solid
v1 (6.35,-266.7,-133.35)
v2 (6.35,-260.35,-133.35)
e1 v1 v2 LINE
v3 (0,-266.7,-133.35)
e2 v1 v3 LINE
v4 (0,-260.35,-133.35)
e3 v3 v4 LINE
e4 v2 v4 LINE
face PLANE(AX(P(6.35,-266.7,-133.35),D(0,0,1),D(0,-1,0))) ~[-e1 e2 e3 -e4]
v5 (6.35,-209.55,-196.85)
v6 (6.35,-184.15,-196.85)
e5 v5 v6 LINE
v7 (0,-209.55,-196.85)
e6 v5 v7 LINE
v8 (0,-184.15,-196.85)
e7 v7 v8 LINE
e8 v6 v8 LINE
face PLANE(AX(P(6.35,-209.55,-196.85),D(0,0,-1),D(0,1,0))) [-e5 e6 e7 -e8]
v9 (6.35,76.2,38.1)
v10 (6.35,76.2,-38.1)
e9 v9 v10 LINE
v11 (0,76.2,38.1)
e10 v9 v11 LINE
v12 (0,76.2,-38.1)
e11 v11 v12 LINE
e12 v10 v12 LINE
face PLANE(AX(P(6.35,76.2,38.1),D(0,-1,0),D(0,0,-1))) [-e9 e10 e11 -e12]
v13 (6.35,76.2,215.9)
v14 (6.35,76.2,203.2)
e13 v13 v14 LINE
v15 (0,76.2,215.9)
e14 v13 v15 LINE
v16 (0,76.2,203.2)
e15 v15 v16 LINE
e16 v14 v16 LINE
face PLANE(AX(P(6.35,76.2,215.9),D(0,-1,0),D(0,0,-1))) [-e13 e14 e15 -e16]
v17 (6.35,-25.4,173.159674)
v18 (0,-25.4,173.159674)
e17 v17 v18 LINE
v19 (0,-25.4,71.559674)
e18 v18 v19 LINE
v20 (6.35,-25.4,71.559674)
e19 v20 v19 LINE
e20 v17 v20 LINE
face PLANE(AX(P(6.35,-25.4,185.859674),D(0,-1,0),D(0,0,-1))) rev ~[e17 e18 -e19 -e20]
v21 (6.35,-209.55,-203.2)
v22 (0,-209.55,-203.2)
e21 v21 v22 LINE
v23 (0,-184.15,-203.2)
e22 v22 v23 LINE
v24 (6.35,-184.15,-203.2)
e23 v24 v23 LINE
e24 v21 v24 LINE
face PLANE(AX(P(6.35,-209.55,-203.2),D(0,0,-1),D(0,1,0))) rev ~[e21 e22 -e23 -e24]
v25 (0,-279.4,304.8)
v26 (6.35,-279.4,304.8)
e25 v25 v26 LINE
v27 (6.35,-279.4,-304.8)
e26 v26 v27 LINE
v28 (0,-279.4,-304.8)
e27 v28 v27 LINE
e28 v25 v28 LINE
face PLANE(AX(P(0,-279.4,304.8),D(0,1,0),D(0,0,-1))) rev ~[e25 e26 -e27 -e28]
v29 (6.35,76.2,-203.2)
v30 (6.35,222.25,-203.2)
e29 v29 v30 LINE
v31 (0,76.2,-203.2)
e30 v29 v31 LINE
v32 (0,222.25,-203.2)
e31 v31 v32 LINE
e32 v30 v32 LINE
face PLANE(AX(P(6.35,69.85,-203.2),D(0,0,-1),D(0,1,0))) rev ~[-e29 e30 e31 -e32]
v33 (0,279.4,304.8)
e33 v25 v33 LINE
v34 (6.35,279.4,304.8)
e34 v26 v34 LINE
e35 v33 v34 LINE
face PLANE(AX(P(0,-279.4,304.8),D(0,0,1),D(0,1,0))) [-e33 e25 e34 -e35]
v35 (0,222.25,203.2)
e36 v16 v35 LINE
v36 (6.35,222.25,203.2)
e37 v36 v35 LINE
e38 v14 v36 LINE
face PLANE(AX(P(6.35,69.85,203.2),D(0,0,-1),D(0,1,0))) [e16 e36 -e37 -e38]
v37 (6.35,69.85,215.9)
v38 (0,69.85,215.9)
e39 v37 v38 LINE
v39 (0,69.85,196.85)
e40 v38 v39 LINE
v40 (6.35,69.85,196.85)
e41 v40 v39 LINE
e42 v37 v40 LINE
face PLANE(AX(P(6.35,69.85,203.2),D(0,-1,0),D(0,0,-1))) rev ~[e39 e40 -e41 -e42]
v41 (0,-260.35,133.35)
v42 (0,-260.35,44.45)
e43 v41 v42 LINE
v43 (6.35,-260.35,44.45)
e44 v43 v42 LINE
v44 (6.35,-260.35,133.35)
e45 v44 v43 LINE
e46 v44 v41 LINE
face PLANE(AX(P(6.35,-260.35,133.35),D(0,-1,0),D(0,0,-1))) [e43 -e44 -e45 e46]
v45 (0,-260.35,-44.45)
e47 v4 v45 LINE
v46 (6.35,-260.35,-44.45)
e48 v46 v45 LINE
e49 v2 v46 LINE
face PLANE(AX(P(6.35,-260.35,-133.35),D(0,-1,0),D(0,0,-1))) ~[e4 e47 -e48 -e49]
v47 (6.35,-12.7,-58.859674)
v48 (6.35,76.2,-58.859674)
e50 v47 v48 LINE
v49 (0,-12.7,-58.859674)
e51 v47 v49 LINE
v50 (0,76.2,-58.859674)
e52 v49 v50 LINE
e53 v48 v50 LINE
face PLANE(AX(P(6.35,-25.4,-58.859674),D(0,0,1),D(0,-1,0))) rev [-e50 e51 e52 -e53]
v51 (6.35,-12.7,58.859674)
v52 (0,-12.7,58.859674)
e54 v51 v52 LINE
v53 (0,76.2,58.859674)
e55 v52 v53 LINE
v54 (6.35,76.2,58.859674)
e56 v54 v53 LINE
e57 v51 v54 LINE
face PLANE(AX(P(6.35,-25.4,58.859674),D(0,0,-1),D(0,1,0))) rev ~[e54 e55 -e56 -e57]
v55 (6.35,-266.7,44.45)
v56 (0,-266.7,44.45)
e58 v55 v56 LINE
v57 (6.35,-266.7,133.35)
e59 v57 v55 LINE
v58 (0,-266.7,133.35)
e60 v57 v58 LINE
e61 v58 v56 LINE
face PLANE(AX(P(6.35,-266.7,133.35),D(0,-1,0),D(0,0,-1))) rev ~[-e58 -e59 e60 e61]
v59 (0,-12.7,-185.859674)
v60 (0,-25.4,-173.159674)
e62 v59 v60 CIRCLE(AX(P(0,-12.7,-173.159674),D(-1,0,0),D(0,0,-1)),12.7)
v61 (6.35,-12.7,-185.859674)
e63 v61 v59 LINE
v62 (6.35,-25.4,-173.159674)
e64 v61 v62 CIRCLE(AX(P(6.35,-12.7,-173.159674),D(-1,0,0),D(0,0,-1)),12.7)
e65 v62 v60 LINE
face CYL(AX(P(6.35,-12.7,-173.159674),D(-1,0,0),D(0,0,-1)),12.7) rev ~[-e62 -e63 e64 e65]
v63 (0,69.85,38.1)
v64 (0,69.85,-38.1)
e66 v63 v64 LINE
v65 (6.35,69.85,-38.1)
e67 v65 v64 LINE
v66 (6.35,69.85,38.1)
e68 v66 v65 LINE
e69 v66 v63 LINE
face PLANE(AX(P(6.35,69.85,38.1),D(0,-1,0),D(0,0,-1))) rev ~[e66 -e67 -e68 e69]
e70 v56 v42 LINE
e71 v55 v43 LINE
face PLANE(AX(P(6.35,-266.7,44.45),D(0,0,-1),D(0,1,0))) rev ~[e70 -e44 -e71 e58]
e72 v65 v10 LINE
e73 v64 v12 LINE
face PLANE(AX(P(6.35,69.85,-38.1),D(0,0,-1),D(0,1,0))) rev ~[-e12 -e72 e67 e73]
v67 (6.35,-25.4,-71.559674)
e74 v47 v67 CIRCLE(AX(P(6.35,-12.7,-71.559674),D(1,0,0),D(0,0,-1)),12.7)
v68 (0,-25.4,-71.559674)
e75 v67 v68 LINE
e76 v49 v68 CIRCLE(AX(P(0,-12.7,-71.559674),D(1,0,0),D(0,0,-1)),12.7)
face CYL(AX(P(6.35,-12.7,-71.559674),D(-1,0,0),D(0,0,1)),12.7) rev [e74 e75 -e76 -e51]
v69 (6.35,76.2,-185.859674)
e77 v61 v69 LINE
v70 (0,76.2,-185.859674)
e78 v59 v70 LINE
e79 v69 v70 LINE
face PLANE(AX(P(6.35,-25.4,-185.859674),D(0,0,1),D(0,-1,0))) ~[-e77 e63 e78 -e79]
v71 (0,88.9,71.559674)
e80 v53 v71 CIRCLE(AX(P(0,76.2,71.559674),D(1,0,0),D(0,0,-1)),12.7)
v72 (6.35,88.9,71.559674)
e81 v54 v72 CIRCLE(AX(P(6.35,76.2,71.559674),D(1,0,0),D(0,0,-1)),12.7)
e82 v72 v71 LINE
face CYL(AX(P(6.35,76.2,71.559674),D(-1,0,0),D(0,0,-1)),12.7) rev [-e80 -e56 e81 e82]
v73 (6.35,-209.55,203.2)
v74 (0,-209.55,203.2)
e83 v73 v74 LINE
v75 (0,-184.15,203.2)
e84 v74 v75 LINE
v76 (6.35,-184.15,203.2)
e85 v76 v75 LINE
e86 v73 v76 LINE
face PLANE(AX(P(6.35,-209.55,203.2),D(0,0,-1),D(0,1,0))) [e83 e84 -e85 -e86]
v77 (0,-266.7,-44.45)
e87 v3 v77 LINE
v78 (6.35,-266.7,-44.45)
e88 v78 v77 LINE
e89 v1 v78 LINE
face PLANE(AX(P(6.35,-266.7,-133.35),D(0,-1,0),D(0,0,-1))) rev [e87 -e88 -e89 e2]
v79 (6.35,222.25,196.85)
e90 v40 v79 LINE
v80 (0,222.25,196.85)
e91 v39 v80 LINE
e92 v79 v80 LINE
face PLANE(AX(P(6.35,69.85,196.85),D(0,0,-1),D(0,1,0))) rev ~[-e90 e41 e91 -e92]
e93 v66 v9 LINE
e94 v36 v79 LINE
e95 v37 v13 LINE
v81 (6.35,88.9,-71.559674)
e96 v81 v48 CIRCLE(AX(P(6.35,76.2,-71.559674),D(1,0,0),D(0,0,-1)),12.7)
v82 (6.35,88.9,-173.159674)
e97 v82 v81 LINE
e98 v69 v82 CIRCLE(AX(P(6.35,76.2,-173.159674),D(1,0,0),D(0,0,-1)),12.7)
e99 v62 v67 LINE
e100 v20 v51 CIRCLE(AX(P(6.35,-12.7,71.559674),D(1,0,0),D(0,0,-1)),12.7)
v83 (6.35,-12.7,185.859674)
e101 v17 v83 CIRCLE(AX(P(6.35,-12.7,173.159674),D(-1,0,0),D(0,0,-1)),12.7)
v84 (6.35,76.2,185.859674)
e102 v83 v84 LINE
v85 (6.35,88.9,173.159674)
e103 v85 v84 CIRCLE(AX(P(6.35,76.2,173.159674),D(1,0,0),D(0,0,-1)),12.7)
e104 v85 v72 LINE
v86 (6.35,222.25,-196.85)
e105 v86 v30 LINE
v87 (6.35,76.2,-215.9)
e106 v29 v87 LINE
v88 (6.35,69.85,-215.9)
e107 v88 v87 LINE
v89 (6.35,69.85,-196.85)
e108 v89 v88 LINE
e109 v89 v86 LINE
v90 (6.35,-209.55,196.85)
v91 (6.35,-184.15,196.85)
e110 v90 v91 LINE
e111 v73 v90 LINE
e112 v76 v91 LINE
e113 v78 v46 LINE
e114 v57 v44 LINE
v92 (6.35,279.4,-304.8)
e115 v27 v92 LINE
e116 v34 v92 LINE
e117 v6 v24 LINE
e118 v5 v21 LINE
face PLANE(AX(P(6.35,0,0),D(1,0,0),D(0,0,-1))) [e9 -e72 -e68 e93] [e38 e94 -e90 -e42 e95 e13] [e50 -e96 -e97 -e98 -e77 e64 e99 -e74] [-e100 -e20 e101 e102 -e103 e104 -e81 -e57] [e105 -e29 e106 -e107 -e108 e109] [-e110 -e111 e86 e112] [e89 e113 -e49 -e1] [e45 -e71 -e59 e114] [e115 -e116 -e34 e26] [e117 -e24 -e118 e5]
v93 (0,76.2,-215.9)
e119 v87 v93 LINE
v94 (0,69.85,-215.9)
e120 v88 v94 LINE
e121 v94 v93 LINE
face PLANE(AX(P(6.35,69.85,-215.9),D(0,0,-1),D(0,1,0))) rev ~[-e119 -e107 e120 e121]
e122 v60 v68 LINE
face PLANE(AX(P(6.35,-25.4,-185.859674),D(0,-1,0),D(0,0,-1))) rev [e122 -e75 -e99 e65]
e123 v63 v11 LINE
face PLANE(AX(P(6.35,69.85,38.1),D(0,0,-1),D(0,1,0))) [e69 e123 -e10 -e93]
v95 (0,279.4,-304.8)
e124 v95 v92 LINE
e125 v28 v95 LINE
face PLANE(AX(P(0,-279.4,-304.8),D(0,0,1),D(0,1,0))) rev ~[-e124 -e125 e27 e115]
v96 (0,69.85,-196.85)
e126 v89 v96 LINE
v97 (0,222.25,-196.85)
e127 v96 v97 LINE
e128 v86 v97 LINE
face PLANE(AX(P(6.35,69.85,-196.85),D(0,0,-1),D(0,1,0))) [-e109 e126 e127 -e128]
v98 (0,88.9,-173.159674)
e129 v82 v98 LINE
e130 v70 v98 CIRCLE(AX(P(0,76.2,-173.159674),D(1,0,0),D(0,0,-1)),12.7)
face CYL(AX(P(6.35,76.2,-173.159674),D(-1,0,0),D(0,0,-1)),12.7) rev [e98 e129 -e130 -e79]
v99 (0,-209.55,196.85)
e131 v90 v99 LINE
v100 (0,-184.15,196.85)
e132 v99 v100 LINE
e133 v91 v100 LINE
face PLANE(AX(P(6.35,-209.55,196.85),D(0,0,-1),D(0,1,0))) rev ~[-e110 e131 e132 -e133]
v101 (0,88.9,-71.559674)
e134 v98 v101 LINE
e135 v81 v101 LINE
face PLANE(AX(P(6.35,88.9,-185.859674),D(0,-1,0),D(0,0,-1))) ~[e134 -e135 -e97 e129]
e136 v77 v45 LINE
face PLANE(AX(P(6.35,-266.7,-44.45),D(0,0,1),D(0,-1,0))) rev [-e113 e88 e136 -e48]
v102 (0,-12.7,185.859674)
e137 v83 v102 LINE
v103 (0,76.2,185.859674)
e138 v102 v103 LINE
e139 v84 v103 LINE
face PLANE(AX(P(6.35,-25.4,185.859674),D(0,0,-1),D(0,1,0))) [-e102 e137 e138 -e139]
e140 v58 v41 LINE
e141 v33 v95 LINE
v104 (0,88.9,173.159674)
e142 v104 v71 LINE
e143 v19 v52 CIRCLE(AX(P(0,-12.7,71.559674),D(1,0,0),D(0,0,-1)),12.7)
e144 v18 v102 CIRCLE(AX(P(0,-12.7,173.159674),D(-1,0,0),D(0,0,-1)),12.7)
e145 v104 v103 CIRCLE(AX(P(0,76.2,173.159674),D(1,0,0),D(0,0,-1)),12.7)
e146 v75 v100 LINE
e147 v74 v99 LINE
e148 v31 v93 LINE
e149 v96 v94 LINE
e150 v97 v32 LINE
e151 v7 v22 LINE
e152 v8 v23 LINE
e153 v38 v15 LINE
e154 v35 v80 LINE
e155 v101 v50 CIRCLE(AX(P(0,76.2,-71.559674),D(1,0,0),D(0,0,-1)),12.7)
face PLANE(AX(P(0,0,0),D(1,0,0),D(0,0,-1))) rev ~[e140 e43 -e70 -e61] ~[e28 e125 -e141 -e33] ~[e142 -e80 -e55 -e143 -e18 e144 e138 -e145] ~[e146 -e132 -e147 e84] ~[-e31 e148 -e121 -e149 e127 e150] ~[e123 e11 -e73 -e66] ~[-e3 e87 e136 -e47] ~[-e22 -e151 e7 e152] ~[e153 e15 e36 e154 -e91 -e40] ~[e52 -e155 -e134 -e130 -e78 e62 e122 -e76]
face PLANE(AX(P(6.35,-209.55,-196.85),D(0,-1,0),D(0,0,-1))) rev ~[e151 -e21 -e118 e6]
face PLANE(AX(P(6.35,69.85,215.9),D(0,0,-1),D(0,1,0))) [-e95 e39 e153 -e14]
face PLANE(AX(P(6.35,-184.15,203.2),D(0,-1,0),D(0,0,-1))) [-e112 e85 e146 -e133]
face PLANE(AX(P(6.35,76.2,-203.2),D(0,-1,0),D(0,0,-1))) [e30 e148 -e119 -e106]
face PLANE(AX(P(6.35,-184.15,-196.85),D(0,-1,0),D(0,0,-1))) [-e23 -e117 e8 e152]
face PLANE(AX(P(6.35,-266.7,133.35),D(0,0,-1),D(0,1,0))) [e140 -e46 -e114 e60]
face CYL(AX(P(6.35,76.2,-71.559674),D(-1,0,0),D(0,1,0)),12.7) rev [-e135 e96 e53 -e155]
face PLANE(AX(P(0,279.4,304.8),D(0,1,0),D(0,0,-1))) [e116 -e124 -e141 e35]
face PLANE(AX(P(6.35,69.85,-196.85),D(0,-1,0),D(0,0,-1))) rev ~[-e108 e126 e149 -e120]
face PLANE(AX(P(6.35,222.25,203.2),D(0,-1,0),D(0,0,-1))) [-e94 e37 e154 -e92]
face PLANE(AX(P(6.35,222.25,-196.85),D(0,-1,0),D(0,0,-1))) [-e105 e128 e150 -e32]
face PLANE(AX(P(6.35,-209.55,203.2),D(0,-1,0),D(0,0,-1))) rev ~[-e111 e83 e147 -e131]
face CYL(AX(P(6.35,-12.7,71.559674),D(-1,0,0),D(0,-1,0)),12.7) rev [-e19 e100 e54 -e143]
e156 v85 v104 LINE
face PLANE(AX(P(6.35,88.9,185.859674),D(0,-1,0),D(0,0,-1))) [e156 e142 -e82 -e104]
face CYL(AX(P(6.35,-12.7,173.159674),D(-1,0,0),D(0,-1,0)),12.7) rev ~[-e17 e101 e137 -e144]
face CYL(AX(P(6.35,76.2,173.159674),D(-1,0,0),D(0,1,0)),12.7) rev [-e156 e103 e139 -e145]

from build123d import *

# Parameters (mm, degrees)
SKETCH1_W            = 609.6
SKETCH1_H            = 558.8
MAIN_BODY_DEPTH      = 6.35
SKETCH2_W            = 6.35
SKETCH2_H            = 152.4
CUT_EXTRUDE1_DEPTH   = 414.530799941
SKETCH8_W            = 127
SKETCH8_H            = 114.3
CUT_EXTRUDE5_DEPTH   = 414.530799941
FILLET3_R            = 12.7
FILLET3_OF_MIRROR3_R = 12.7
SKETCH9_W            = 88.9
SKETCH9_H            = 6.35
CUT_EXTRUDE7_DEPTH   = 414.530799941
SKETCH10_W           = 6.35
SKETCH10_H           = 25.4
CUT_EXTRUDE8_DEPTH   = 414.530799941
SKETCH11_W           = 12.7
SKETCH11_H           = 6.35
CUT_EXTRUDE9_DEPTH   = 414.530799941
SKETCH12_W           = 76.2
SKETCH12_H           = 6.35
CUT_EXTRUDE10_DEPTH  = 414.530799941


with BuildPart() as part:
    # Sketch1 → Main Body (new body)
    with BuildSketch(Plane(origin=(0, 0, 0), x_dir=(0, 0, -1), z_dir=(1, 0, 0))):
        Rectangle(SKETCH1_W, SKETCH1_H)
    extrude(amount=MAIN_BODY_DEPTH)

    # Sketch2 → Cut-Extrude1 (cut, through all)
    with BuildSketch(Plane(origin=(6.35, 0, 0), x_dir=(0, 0, -1), z_dir=(1, 0, 0))):
        with Locations((-200.025, 146.05)):
            Rectangle(SKETCH2_W, SKETCH2_H)
        with Locations((200.025, 146.05)):
            Rectangle(SKETCH2_W, SKETCH2_H)
    extrude(amount=-CUT_EXTRUDE1_DEPTH, mode=Mode.SUBTRACT)

    # Sketch8 → Cut-Extrude5 (cut, through all)
    with BuildSketch(Plane(origin=(6.35, 0, 0), x_dir=(0, 0, -1), z_dir=(1, 0, 0))):
        with Locations((-122.359674, 31.75)):
            Rectangle(SKETCH8_W, SKETCH8_H)
    cut_extrude5 = extrude(amount=-CUT_EXTRUDE5_DEPTH, mode=Mode.SUBTRACT)

    # Fillet3
    fillet3_edges = [part.edges().sort_by_distance(p)[0] for p in [
        (3.175, 88.9, 58.859674),
        (3.175, -25.4, 58.859674),
        (3.175, -25.4, 185.859674),
        (3.175, 88.9, 185.859674),
    ]]
    fillet(fillet3_edges, radius=FILLET3_R)

    # Mirror3: Cut-Extrude5 across plane
    add(cut_extrude5.mirror(Plane.XY), mode=Mode.SUBTRACT)

    # Fillet3 of Mirror3
    fillet3_of_mirror3_edges = [part.edges().sort_by_distance(p)[0] for p in [
        (3.175, 88.9, -58.859674),
        (3.175, -25.4, -58.859674),
        (3.175, -25.4, -185.859674),
        (3.175, 88.9, -185.859674),
    ]]
    fillet(fillet3_of_mirror3_edges, radius=FILLET3_OF_MIRROR3_R)

    # Sketch9 → Cut-Extrude7 (cut, through all)
    with BuildSketch(Plane(origin=(6.35, 0, 0), x_dir=(0, 0, -1), z_dir=(1, 0, 0))):
        with Locations((-88.9, -263.525)):
            Rectangle(SKETCH9_W, SKETCH9_H)
    cut_extrude7 = extrude(amount=-CUT_EXTRUDE7_DEPTH, mode=Mode.SUBTRACT)

    # Mirror4: Cut-Extrude7 across plane
    add(cut_extrude7.mirror(Plane.XY), mode=Mode.SUBTRACT)

    # Sketch10 → Cut-Extrude8 (cut, through all)
    with BuildSketch(Plane(origin=(6.35, 0, 0), x_dir=(0, 0, -1), z_dir=(1, 0, 0))):
        with Locations((-200.025, -196.85)):
            Rectangle(SKETCH10_W, SKETCH10_H)
        with Locations((200.025, -196.85)):
            Rectangle(SKETCH10_W, SKETCH10_H)
    extrude(amount=-CUT_EXTRUDE8_DEPTH, mode=Mode.SUBTRACT)

    # Sketch11 → Cut-Extrude9 (cut, through all)
    with BuildSketch(Plane(origin=(6.35, 0, 0), x_dir=(0, 0, -1), z_dir=(1, 0, 0))):
        with Locations((-209.55, 73.025)):
            Rectangle(SKETCH11_W, SKETCH11_H)
        with Locations((209.55, 73.025)):
            Rectangle(SKETCH11_W, SKETCH11_H)
    extrude(amount=-CUT_EXTRUDE9_DEPTH, mode=Mode.SUBTRACT)

    # Sketch12 → Cut-Extrude10 (cut, through all)
    with BuildSketch(Plane(origin=(6.35, 0, 0), x_dir=(0, 0, -1), z_dir=(1, 0, 0))):
        with Locations((0, 73.025)):
            Rectangle(SKETCH12_W, SKETCH12_H)
    extrude(amount=-CUT_EXTRUDE10_DEPTH, mode=Mode.SUBTRACT)


solid = part.part
